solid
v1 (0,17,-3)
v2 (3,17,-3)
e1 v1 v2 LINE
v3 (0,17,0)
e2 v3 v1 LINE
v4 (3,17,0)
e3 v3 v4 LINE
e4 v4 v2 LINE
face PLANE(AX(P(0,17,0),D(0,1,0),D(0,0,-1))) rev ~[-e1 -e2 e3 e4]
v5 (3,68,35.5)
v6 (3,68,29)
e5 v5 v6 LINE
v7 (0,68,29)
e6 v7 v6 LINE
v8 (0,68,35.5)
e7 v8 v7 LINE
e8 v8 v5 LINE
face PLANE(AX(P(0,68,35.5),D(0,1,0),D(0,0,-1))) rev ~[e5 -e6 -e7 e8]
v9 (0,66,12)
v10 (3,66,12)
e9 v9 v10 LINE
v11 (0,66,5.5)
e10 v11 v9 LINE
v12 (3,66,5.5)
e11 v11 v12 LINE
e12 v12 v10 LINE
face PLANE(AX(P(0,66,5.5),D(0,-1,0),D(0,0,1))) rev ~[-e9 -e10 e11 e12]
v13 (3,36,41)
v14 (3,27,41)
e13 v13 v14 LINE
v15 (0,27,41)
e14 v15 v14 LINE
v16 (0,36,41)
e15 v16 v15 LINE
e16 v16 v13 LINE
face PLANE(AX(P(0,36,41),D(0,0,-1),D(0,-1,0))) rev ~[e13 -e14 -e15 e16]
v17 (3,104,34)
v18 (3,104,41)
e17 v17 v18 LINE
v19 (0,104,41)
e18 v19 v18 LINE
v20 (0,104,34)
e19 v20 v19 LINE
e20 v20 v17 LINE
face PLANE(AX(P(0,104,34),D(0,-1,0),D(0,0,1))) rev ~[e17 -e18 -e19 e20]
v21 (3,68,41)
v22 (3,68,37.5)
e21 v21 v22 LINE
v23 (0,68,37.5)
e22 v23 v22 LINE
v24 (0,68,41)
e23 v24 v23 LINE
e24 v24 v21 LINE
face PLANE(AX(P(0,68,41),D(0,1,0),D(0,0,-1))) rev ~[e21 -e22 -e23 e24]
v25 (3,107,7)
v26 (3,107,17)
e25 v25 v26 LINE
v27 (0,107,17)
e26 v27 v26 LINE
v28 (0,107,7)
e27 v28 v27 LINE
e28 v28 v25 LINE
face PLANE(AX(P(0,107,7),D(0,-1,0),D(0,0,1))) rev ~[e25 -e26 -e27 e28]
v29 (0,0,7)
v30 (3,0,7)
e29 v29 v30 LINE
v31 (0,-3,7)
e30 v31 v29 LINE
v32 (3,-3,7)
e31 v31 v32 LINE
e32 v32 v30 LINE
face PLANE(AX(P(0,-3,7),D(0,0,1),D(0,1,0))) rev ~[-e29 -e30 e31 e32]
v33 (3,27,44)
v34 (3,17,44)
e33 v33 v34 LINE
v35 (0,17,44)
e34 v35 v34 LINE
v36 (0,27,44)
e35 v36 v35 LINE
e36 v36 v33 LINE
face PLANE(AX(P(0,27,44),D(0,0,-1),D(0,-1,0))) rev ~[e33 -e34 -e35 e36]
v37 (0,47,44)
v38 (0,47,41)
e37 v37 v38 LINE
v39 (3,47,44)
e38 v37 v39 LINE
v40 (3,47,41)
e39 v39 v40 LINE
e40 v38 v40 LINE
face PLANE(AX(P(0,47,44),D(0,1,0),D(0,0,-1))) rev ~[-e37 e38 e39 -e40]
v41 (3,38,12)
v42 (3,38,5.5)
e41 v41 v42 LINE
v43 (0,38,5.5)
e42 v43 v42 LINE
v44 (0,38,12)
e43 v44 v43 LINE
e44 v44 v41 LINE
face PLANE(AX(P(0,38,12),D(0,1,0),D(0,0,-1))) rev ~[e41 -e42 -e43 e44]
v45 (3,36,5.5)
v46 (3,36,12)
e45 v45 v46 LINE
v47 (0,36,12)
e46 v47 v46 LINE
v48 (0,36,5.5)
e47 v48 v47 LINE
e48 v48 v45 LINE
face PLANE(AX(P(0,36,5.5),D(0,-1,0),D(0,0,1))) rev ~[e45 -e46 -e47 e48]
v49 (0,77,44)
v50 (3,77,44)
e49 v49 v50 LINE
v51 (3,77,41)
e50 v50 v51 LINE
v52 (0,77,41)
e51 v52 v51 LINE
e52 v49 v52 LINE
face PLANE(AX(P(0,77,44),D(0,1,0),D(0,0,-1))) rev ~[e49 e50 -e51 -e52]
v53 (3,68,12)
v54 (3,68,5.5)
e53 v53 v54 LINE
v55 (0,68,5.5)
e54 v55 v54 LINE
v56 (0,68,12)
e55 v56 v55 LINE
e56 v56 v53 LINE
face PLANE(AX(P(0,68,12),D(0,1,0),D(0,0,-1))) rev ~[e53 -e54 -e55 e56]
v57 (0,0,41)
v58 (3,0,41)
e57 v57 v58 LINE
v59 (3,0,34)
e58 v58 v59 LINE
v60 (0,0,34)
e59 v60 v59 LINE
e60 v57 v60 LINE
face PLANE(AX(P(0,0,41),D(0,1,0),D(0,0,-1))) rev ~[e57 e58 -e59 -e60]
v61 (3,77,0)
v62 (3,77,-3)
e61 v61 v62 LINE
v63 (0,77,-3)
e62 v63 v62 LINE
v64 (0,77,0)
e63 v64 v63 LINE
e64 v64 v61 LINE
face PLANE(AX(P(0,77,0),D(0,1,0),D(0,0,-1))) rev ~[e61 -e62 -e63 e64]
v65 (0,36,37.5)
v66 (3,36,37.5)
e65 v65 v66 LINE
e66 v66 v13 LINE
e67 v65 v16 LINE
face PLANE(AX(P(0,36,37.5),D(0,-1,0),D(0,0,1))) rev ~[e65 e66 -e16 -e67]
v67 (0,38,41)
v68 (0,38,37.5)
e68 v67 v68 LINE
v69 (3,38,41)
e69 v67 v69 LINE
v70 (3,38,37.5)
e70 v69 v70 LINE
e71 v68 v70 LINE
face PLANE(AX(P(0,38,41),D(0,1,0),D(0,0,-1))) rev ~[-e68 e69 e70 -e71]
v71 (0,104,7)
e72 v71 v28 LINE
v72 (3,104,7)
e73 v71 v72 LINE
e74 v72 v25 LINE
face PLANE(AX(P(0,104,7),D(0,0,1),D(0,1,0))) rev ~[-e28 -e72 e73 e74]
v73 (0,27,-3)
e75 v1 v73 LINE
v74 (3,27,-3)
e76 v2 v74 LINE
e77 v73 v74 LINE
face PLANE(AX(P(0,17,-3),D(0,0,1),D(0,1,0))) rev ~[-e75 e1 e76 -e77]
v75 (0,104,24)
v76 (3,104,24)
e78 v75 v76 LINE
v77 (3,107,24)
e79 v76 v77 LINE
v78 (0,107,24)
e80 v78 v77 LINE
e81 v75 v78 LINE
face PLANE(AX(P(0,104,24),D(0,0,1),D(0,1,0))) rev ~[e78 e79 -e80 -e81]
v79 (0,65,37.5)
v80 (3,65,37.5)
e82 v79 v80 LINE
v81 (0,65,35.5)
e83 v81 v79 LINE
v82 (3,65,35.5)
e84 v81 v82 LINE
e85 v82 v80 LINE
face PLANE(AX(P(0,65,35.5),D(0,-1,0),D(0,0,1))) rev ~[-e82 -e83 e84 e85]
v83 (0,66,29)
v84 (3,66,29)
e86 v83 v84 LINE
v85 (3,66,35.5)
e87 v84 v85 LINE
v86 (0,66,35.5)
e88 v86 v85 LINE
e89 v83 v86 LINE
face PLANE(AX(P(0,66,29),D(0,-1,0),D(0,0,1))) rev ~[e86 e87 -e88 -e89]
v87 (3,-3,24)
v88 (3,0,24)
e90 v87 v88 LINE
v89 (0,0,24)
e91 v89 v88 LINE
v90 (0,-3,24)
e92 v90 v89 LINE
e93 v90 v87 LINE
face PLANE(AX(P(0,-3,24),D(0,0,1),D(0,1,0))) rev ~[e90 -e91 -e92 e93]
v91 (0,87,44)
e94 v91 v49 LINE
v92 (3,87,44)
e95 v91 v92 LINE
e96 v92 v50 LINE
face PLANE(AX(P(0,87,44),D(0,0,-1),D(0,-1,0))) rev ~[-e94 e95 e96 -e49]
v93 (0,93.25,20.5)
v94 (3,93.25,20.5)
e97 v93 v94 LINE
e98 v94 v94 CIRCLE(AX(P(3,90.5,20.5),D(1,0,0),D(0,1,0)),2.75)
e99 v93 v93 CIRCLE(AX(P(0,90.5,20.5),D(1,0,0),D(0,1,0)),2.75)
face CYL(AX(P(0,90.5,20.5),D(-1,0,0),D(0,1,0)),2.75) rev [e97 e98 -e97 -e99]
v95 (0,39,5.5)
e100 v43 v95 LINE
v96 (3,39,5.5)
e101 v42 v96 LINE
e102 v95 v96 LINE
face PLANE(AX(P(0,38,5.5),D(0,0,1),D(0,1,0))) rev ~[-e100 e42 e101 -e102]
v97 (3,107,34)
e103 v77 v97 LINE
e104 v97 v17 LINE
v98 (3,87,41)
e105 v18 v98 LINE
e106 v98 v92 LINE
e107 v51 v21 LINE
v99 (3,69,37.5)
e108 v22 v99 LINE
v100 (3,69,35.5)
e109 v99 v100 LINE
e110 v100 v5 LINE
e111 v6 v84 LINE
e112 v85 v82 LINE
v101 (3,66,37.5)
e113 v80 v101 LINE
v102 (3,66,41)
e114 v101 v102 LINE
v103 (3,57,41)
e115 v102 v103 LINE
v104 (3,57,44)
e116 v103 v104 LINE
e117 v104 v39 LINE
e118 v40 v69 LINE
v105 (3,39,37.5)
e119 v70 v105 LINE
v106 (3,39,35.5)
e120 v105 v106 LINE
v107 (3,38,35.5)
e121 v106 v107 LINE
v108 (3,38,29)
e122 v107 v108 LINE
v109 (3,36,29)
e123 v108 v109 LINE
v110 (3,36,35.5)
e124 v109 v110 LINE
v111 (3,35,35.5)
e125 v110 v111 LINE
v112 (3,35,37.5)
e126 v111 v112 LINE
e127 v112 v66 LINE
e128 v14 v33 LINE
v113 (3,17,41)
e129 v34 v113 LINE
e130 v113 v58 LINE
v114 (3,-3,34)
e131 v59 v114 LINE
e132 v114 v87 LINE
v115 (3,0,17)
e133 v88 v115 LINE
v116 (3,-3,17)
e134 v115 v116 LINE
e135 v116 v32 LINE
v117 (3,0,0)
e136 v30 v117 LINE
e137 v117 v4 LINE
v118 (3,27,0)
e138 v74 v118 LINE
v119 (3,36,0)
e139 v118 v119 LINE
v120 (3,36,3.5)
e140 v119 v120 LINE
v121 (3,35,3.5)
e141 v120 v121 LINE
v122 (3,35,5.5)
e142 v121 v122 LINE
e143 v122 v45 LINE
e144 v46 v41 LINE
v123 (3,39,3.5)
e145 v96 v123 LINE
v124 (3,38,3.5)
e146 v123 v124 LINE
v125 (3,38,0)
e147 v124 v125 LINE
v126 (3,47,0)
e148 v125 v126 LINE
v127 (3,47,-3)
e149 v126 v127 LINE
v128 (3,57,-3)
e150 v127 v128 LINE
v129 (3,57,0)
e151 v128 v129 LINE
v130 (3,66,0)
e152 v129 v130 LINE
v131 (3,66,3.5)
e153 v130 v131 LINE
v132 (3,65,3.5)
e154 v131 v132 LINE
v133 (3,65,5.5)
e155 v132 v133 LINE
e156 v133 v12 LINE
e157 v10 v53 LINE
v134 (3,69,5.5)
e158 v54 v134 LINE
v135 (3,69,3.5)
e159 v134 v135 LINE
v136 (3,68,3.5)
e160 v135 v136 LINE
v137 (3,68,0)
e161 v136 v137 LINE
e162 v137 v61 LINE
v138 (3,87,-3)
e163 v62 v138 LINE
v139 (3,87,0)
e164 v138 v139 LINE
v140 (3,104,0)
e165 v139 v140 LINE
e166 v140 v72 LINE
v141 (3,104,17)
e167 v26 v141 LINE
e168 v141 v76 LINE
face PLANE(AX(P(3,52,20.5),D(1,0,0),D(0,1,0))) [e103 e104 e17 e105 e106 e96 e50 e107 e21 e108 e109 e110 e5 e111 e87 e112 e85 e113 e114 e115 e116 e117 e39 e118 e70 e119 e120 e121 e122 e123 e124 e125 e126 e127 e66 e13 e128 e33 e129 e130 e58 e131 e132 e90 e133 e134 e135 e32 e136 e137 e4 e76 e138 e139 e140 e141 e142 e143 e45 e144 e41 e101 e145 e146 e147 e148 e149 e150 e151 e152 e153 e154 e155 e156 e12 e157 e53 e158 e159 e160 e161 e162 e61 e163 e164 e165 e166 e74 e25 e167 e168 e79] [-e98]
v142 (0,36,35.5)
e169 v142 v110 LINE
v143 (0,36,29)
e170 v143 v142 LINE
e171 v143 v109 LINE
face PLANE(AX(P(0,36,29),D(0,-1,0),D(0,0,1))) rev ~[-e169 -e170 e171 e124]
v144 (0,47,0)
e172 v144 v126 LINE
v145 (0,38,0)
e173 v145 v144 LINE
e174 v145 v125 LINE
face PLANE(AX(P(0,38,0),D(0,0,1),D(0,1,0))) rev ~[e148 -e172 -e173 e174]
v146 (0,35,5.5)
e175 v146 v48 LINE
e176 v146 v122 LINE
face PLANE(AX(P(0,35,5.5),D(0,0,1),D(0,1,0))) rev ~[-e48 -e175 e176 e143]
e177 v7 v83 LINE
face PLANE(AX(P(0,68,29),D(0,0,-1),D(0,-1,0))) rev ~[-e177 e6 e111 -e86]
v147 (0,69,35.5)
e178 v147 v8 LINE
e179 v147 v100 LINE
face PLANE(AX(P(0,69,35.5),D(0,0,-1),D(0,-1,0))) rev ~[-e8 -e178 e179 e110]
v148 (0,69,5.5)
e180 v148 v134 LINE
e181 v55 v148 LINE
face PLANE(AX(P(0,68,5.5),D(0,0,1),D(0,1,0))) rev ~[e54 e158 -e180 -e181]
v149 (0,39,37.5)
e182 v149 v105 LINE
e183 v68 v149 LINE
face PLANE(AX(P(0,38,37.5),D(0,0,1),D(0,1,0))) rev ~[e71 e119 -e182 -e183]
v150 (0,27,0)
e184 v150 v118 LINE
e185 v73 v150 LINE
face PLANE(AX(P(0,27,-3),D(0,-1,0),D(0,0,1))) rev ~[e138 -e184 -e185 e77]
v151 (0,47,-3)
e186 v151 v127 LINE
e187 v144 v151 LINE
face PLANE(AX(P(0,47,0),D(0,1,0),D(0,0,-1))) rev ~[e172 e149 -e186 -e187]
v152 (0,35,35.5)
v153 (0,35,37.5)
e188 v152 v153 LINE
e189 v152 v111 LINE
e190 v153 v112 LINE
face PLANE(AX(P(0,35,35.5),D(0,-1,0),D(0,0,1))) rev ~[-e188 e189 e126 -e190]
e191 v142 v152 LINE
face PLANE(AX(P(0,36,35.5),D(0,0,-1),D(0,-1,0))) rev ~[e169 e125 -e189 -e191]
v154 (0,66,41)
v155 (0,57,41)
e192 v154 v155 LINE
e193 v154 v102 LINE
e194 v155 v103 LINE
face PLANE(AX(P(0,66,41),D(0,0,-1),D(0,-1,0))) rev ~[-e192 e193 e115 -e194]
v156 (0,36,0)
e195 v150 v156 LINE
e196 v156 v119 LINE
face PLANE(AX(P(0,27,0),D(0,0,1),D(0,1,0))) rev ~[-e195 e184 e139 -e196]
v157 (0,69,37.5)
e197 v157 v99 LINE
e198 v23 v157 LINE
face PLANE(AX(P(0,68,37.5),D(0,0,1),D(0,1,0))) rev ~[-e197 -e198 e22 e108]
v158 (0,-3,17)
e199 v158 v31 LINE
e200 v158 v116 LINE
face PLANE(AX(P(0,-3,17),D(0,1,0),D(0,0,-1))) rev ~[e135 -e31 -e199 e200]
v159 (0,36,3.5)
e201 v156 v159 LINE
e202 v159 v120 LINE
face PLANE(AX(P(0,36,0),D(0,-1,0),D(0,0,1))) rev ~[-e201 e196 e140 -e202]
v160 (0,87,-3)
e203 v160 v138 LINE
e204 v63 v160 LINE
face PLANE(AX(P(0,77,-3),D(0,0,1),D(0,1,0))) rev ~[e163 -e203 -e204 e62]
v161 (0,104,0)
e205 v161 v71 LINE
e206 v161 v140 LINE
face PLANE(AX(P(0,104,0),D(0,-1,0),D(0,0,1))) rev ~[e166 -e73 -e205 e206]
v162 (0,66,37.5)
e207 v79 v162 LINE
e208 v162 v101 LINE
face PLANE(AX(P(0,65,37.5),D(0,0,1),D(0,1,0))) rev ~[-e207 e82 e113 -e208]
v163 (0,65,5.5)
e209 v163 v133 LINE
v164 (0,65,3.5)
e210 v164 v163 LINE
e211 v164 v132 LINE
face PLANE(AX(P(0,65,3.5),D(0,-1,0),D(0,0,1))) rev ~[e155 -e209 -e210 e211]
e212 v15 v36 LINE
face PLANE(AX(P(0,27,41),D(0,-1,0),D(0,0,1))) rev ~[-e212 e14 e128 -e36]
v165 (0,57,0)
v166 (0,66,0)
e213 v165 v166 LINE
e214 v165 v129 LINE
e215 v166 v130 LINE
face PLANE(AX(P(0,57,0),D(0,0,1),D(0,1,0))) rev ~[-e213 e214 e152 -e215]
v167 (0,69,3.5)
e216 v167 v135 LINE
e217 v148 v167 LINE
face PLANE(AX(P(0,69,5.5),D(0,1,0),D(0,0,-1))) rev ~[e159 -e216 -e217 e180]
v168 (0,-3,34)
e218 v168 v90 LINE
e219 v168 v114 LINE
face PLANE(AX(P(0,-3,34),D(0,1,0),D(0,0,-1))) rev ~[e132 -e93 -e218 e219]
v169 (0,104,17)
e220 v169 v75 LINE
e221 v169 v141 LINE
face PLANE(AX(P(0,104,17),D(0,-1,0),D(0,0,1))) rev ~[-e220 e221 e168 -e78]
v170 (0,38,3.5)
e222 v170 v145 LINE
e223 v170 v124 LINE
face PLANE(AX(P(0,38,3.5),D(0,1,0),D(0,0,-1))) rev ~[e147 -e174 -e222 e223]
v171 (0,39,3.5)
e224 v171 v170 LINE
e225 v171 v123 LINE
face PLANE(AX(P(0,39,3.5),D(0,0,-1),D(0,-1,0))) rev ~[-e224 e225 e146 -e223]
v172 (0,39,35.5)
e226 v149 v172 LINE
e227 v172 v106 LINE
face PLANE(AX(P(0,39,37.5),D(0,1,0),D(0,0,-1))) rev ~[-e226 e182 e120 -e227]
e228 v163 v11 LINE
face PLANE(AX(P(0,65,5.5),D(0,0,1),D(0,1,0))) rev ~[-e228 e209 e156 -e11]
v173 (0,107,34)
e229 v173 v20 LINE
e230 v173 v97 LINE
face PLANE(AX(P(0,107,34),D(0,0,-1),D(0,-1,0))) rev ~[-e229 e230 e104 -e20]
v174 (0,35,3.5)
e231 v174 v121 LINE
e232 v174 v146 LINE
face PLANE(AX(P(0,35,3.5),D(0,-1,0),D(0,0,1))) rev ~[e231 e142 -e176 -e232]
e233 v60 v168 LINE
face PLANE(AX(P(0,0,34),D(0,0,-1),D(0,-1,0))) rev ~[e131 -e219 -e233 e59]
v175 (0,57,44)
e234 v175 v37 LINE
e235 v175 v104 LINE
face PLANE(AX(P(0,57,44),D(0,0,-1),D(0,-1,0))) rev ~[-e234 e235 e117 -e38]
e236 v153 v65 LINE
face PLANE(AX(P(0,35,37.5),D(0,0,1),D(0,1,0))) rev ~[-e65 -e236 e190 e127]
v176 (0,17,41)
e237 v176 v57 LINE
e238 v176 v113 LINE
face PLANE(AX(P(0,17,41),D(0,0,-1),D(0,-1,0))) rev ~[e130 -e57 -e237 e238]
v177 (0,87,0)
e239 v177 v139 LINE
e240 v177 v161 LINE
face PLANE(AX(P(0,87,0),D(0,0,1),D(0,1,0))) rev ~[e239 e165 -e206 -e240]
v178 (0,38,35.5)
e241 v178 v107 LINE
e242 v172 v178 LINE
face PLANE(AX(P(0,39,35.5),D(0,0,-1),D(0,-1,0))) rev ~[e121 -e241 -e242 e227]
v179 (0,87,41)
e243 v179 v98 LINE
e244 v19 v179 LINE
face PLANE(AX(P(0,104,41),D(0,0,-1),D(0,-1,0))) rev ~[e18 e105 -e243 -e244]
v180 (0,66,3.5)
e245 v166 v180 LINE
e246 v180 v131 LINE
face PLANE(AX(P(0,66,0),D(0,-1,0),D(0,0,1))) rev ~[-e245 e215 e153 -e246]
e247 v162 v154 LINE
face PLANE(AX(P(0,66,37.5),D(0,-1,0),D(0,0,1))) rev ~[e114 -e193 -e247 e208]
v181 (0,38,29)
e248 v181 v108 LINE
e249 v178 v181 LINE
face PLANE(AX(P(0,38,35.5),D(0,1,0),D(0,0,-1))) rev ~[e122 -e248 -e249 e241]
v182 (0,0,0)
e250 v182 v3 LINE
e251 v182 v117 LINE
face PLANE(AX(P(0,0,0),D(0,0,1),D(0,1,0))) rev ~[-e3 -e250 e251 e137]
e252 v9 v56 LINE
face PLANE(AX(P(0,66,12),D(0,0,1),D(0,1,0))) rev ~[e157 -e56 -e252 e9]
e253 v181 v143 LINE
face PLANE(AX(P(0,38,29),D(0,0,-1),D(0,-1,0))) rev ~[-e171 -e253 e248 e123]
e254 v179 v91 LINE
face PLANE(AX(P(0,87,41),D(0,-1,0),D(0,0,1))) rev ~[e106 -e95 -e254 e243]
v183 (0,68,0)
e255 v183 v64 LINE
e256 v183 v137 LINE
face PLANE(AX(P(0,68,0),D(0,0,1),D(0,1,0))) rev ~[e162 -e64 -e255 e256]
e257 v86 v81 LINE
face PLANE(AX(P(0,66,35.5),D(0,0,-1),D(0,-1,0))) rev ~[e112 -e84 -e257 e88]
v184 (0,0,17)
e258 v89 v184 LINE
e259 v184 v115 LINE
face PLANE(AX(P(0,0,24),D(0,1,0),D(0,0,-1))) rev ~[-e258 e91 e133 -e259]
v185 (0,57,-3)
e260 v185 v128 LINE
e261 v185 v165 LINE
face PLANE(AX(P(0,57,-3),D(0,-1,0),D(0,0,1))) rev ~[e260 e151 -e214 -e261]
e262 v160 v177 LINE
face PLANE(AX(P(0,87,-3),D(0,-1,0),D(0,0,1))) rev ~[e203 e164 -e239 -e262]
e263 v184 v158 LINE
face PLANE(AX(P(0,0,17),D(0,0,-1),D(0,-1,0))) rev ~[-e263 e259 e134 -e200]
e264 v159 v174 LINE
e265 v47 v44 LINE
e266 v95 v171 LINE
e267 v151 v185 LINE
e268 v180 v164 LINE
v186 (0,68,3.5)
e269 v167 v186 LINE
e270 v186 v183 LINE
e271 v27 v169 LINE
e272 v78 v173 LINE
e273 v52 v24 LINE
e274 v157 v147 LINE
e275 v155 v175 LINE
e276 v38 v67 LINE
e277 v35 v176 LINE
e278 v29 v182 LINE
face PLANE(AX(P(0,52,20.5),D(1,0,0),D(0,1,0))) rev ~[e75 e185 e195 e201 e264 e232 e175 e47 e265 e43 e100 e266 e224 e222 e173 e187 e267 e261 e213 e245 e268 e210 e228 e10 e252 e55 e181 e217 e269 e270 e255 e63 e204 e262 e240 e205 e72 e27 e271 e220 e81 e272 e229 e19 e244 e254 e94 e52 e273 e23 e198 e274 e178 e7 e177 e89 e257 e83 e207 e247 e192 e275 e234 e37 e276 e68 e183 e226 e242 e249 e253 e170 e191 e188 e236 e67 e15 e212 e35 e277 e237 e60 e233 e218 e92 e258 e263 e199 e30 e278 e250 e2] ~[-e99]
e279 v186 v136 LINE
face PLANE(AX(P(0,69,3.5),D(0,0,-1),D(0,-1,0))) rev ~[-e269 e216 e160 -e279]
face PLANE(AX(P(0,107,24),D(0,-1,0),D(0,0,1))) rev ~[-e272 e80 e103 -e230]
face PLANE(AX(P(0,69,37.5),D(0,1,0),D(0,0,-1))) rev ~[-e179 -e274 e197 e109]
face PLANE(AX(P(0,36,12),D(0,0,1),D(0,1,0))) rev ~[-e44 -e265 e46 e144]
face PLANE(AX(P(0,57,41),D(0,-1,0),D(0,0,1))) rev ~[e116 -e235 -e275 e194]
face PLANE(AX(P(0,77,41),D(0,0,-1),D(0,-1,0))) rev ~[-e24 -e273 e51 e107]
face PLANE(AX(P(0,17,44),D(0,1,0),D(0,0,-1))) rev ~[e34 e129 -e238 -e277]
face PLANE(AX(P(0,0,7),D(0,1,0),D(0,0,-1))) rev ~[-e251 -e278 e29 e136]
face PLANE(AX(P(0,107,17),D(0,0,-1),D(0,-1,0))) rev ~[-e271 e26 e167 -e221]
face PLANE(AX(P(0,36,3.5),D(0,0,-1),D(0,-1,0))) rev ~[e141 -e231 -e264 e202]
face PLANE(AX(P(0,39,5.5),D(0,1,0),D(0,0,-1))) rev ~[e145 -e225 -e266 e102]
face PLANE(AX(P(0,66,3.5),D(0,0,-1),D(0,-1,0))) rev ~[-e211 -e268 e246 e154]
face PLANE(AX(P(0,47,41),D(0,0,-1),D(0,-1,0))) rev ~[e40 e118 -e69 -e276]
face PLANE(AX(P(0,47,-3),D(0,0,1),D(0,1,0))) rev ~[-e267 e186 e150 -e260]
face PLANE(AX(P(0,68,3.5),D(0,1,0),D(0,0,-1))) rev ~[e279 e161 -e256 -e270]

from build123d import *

# Parameters (mm, degrees)
F0_R     = 2.75
F1_DEPTH = 3


with BuildPart() as f1:
    # F0 (on Right) → F1 (new body)
    with BuildSketch(Plane.YZ):
        Polygon((0, 7), (0, 0), (17, 0), (17, -3), (27, -3), (27, 0), (33.535082, 0), (36, 0), (36, 3.5), (35, 3.5), (35, 5.5), (36, 5.5), (36, 12), (38, 12), (38, 5.5), (39, 5.5), (39, 3.5), (38, 3.5), (38, 0), (38.090959, 0), (47, 0), (47, -3), (52, -3), (57, -3), (57, 0), (65.909041, 0), (66, 0), (66, 3.5), (65, 3.5), (65, 5.5), (66, 5.5), (66, 12), (68, 12), (68, 5.5), (69, 5.5), (69, 3.5), (68, 3.5), (68, 0), (70.464918, 0), (77, 0), (77, -3), (87, -3), (87, 0), (104, 0), (104, 7), (107, 7), (107, 17), (104, 17), (104, 24), (107, 24), (107, 34), (104, 34), (104, 41), (87, 41), (87, 44), (77, 44), (77, 41), (70.464918, 41), (68, 41), (68, 37.5), (69, 37.5), (69, 35.5), (68, 35.5), (68, 29), (66, 29), (66, 35.5), (65, 35.5), (65, 37.5), (66, 37.5), (66, 41), (65.909041, 41), (57, 41), (57, 44), (52, 44), (47, 44), (47, 41), (38.090959, 41), (38, 41), (38, 37.5), (39, 37.5), (39, 35.5), (38, 35.5), (38, 29), (36, 29), (36, 35.5), (35, 35.5), (35, 37.5), (36, 37.5), (36, 41), (33.535082, 41), (27, 41), (27, 44), (17, 44), (17, 41), (0, 41), (0, 34), (-3, 34), (-3, 24), (0, 24), (0, 17), (-3, 17), (-3, 7), align=None)
        with Locations((90.5, 20.5)):
            Circle(F0_R, mode=Mode.SUBTRACT)
    extrude(amount=F1_DEPTH)


solid = f1.part
